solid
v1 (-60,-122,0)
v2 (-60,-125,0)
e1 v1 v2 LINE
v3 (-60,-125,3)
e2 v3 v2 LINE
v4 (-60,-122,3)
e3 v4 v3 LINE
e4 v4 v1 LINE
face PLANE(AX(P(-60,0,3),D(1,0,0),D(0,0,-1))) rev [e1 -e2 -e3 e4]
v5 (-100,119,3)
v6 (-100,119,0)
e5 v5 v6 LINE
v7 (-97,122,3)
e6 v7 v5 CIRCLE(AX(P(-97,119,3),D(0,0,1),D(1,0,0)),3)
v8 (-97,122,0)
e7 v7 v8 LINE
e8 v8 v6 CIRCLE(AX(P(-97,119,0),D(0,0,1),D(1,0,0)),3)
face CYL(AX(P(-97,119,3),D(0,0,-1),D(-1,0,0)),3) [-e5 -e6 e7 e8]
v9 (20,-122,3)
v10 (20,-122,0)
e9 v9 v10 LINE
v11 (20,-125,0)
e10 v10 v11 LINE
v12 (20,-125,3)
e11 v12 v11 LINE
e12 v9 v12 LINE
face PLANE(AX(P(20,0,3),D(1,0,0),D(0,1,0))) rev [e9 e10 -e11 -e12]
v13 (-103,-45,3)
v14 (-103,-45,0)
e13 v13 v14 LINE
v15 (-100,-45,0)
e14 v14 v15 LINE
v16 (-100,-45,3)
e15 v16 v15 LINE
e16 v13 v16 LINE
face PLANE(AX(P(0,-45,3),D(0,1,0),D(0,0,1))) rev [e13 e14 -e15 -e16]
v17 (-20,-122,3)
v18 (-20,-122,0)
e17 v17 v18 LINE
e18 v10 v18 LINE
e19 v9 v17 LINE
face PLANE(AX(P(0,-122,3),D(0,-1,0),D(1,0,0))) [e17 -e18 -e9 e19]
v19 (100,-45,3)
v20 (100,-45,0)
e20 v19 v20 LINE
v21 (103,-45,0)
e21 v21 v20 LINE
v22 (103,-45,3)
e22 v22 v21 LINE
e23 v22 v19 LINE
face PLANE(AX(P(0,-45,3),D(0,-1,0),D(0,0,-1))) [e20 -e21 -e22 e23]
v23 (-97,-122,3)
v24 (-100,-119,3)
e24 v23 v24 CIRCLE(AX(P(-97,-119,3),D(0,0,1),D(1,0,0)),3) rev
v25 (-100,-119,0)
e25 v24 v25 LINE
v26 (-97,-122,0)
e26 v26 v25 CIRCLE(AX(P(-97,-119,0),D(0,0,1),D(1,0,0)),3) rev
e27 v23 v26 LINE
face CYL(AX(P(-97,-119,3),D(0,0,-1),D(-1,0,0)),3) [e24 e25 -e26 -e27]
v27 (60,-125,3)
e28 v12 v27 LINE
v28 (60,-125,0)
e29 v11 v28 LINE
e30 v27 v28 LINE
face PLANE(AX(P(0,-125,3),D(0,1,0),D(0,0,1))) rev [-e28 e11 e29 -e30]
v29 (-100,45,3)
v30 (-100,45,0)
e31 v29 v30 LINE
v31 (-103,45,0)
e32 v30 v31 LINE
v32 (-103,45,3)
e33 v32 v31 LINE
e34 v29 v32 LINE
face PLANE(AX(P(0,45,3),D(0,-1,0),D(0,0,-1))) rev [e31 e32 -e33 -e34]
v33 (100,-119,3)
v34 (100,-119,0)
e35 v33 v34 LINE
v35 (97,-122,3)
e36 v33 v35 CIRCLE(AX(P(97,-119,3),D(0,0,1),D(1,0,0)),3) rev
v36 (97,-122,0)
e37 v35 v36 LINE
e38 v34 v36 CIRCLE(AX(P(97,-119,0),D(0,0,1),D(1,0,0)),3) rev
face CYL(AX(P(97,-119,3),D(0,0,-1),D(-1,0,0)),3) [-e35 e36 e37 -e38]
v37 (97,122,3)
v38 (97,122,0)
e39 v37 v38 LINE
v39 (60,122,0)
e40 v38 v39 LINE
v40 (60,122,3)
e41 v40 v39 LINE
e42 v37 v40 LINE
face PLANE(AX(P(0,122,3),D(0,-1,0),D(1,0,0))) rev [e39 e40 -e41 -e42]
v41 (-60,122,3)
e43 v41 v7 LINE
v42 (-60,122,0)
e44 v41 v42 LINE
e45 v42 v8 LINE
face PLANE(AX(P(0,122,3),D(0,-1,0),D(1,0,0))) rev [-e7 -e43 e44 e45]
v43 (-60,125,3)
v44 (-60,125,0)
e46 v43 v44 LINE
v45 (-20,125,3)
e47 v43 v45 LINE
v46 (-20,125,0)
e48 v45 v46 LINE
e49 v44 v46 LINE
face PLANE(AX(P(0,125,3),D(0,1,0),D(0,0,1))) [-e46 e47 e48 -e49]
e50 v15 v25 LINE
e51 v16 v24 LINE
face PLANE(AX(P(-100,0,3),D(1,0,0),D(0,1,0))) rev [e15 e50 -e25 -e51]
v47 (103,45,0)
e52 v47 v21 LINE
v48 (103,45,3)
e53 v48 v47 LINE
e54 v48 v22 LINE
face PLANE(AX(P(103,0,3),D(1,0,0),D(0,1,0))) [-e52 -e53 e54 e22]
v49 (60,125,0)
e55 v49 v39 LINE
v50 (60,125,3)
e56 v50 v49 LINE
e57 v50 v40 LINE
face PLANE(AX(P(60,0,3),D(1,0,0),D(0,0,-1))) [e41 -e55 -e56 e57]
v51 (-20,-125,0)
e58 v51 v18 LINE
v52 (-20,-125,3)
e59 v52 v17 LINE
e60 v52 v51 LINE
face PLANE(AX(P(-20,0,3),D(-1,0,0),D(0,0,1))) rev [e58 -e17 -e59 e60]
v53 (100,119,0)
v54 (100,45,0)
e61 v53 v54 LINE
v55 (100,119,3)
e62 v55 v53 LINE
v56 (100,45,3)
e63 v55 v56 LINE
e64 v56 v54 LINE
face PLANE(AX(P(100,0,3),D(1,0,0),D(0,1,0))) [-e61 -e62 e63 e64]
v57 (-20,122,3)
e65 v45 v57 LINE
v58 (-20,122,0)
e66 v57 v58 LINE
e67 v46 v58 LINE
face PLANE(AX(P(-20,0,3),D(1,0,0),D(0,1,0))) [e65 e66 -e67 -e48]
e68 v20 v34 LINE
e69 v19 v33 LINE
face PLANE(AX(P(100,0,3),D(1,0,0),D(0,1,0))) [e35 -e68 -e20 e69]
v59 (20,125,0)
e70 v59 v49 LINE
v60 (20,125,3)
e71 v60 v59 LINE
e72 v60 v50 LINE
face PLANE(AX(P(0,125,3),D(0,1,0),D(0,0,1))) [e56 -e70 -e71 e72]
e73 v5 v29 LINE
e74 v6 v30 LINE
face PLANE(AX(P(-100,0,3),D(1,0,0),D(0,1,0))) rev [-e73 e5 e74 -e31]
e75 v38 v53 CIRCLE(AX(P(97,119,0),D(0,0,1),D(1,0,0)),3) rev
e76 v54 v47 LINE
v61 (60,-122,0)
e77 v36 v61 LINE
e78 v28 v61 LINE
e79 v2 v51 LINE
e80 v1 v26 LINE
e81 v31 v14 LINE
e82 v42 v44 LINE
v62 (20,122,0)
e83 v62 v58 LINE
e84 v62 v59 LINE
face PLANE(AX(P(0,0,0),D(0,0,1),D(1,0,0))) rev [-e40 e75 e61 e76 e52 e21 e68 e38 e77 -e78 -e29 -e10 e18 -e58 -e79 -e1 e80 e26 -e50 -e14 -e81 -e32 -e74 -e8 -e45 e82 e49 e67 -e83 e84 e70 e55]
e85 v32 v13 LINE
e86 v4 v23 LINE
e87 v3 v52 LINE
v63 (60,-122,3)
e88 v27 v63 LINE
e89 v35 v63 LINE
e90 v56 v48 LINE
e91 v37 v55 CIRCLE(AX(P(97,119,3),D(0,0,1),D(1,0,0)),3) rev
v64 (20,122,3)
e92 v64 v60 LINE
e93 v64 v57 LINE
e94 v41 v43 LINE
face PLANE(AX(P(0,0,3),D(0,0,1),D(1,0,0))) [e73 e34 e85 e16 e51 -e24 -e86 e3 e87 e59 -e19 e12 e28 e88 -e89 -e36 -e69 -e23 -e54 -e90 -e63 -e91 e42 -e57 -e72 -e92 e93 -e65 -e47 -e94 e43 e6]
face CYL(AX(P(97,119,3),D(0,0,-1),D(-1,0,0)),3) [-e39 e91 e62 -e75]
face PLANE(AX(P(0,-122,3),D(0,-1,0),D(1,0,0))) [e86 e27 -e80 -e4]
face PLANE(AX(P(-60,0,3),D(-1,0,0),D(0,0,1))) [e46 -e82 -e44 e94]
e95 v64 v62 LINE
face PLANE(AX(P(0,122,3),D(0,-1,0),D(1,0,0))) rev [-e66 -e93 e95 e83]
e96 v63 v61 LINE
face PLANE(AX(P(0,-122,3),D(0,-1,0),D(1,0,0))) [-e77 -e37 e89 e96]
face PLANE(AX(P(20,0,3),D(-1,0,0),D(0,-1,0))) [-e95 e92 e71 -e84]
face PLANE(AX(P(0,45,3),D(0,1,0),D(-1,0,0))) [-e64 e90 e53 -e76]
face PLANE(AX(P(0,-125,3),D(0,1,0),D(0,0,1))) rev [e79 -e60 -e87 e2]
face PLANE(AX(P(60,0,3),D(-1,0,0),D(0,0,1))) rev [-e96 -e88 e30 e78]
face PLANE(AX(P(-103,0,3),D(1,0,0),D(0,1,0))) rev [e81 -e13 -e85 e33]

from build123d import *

# Parameters (mm, degrees)
SKETCH1_W           = 40
SKETCH1_H           = 3
SKETCH1_W_2         = 3
SKETCH1_H_2         = 90
BOSS_EXTRUDE1_DEPTH = 3


with BuildPart() as part:
    # Sketch1 → Boss-Extrude1 (new body)
    with BuildSketch(Plane.XY):
        with BuildLine():
            Line((97, 122), (-97, 122))
            ThreePointArc((-97, 122), (-99.121320344, 121.121320344), (-100, 119))
            Line((-100, 119), (-100, -119))
            ThreePointArc((-100, -119), (-99.121320344, -121.121320344), (-97, -122))
            Line((-97, -122), (97, -122))
            ThreePointArc((97, -122), (99.121320344, -121.121320344), (100, -119))
            Line((100, -119), (100, 119))
            ThreePointArc((100, 119), (99.121320344, 121.121320344), (97, 122))
        make_face()
        with Locations((-40, 123.5)):
            Rectangle(SKETCH1_W, SKETCH1_H)
        with Locations((40, 123.5)):
            Rectangle(SKETCH1_W, SKETCH1_H)
        with Locations((-101.5, 0)):
            Rectangle(SKETCH1_W_2, SKETCH1_H_2)
        with Locations((101.5, 0)):
            Rectangle(SKETCH1_W_2, SKETCH1_H_2)
        with Locations((40, -123.5)):
            Rectangle(SKETCH1_W, SKETCH1_H)
        with Locations((-40, -123.5)):
            Rectangle(SKETCH1_W, SKETCH1_H)
    extrude(amount=BOSS_EXTRUDE1_DEPTH)


solid = part.part
